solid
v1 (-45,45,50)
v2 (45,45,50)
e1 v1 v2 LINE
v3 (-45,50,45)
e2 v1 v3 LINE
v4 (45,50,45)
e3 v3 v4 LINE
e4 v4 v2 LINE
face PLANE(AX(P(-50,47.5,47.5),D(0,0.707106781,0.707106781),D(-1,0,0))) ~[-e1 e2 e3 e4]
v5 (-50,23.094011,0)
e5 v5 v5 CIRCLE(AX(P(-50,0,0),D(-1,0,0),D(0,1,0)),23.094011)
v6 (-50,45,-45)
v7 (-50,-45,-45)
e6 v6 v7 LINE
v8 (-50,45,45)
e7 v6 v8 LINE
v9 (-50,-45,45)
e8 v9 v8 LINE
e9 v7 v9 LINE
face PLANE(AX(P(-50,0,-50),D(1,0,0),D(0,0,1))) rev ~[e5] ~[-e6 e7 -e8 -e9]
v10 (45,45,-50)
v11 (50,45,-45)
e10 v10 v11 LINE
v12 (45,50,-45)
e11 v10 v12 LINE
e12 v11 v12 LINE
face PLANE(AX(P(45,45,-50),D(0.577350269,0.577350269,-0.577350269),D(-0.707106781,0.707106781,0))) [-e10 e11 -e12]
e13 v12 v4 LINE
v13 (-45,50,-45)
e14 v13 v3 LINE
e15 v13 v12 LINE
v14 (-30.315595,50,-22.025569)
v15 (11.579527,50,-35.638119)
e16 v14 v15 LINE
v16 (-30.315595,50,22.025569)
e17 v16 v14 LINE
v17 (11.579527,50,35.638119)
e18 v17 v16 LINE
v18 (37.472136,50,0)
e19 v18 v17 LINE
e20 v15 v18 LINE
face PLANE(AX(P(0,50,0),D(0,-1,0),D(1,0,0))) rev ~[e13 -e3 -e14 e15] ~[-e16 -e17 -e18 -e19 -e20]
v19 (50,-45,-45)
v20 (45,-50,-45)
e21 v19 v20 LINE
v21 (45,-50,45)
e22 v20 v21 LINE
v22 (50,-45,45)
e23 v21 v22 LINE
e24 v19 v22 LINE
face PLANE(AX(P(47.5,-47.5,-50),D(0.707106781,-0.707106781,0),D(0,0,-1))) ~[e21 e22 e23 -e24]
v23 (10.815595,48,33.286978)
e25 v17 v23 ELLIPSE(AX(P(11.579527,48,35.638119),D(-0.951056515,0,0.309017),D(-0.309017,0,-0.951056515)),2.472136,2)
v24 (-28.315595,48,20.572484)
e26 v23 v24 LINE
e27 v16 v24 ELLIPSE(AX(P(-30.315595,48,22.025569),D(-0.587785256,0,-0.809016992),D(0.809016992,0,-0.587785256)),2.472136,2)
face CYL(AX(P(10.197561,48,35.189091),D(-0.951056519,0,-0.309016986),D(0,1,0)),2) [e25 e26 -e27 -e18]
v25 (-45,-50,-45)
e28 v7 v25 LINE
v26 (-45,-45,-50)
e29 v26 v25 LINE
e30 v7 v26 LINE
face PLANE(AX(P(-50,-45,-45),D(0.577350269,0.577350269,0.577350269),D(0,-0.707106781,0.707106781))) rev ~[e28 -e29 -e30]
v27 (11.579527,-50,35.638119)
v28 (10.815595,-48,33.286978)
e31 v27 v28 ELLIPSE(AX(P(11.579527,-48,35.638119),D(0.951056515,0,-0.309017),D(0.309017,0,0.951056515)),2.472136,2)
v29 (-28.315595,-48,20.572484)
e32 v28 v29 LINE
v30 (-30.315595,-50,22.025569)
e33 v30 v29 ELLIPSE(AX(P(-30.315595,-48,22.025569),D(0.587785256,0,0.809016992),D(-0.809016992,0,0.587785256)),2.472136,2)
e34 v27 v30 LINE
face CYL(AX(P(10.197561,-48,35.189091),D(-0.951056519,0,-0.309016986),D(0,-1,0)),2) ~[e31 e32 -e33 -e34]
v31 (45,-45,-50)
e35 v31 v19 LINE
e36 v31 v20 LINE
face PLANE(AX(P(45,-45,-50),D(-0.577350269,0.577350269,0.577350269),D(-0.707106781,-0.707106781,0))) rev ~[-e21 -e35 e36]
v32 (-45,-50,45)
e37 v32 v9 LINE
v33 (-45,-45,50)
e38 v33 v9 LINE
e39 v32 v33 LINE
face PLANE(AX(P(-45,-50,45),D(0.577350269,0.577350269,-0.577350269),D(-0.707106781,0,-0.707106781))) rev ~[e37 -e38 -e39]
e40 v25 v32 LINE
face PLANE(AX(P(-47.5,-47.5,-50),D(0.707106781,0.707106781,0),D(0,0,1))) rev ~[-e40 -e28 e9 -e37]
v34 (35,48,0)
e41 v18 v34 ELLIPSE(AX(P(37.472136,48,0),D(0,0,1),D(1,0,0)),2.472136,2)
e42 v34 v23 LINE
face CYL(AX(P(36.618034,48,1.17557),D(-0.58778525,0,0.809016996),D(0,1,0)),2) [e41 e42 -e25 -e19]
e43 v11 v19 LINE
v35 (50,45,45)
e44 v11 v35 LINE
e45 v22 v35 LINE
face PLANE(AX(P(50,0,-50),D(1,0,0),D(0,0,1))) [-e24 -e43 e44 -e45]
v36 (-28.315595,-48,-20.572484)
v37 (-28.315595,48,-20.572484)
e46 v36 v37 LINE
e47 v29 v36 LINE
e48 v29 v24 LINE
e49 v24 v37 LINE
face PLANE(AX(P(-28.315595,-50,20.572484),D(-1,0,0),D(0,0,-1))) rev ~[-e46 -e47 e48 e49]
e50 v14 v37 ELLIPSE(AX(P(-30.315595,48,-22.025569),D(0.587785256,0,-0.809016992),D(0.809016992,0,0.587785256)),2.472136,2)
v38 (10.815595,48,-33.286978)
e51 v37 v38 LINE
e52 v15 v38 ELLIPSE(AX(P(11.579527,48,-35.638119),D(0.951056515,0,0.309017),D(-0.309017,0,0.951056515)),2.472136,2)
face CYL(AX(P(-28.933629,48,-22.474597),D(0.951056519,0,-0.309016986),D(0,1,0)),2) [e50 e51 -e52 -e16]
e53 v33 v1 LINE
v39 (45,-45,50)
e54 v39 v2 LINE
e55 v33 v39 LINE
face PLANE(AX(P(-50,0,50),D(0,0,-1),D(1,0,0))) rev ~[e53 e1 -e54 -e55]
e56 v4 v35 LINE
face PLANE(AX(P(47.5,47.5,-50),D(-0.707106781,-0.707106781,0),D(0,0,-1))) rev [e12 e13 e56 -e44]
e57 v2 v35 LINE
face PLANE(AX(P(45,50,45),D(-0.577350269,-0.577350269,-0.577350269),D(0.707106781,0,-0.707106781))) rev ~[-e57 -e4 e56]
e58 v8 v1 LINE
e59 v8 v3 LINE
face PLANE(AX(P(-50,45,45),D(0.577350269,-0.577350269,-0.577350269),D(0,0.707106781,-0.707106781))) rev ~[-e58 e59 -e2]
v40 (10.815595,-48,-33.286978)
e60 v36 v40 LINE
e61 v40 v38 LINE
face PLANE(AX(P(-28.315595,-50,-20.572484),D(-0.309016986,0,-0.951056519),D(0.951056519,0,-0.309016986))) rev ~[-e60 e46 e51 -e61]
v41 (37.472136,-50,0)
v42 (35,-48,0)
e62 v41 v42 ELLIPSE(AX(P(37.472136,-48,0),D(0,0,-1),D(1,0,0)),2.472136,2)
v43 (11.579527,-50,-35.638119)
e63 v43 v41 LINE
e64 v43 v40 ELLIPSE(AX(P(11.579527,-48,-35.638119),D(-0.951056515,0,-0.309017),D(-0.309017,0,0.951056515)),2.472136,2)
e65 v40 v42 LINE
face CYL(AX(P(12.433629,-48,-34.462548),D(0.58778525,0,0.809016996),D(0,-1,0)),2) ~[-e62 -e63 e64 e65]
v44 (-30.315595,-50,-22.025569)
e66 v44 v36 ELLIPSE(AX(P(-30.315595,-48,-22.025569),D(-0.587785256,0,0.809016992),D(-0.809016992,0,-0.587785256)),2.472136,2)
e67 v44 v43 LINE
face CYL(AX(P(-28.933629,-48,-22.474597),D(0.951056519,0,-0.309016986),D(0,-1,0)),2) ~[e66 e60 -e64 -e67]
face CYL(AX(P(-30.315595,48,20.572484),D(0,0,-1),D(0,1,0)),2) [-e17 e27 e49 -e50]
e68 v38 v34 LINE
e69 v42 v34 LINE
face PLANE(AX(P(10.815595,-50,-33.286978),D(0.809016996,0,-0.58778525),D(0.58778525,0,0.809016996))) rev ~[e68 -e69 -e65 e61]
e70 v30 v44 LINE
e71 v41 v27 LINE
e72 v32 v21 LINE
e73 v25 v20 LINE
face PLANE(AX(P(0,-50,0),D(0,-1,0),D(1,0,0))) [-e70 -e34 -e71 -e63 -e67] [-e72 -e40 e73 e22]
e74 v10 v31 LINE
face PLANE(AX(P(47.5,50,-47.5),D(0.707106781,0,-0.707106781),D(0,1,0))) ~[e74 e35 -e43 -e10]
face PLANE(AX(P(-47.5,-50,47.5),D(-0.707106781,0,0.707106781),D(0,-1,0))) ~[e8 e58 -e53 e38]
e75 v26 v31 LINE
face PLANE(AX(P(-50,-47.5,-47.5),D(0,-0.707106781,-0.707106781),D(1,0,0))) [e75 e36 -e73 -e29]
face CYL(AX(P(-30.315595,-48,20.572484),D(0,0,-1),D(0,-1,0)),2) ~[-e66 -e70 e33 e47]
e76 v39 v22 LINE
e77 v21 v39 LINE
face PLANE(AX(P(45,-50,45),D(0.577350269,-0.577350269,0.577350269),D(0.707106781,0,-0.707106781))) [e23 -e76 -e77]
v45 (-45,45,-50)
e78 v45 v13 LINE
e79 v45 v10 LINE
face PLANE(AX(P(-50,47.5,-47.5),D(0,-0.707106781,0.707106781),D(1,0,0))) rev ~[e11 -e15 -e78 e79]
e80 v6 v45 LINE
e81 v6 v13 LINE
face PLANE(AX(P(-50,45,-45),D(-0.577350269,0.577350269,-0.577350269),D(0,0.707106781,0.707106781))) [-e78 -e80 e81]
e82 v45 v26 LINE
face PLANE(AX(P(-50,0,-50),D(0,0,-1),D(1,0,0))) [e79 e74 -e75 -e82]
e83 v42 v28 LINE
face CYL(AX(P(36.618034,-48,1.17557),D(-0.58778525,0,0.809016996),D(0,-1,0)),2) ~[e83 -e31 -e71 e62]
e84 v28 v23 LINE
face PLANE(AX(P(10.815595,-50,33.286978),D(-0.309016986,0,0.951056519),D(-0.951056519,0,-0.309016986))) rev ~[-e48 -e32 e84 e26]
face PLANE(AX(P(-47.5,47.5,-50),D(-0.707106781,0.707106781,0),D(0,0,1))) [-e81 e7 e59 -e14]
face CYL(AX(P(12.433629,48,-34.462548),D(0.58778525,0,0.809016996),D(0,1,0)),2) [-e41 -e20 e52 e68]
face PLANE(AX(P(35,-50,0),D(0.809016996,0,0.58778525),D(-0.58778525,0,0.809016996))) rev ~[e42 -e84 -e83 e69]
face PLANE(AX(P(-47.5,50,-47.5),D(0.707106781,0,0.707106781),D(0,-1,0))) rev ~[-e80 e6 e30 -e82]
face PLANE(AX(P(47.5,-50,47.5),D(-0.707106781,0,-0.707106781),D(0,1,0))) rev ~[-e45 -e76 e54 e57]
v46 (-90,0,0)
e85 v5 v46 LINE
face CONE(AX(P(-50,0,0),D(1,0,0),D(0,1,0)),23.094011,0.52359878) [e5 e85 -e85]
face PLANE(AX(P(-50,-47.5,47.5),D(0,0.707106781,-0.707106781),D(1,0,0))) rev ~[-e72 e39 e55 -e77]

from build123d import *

# Parameters (mm, degrees)
F0_W     = 100
F0_H     = 100
F1_DEPTH = 50
F3_DEPTH = 142.9
F4_SIZE  = 5
F5_R     = 2


with BuildPart() as f1:
    # F0 (on Front) → F1 (new body, symmetric)
    with BuildSketch(Plane.XZ):
        Rectangle(F0_W, F0_H)
    extrude(amount=F1_DEPTH, both=True)

    # F2 (on face) → F3 (cut)
    with BuildSketch(Plane.XZ.offset(50)):
        Polygon((10.815595, -33.286978), (35, 0), (10.815595, 33.286978), (-28.315595, 20.572484), (-28.315595, -20.572484), align=None)
    extrude(amount=-F3_DEPTH, mode=Mode.SUBTRACT)

    # F4
    f4_edges = [f1.edges().sort_by_distance(p)[0] for p in [
        (50, 0, 50),
        (0, 50, 50),
        (-50, 0, 50),
        (0, -50, 50),
        (50, 50, 0),
        (50, -50, 0),
        (50, 0, -50),
        (0, 50, -50),
        (0, -50, -50),
        (-50, 0, -50),
        (-50, 50, 0),
        (-50, -50, 0),
    ]]
    chamfer(f4_edges, length=F4_SIZE)

    # F5
    f5_edges = [f1.edges().sort_by_distance(p)[0] for p in [
        (22.907797, 50, -16.643489),
        (-8.75, 50, -26.929731),
        (-28.315595, 50, 0),
        (-8.75, 50, 26.929731),
        (22.907797, 50, 16.643489),
        (22.907797, -50, -16.643489),
        (22.907797, -50, 16.643489),
        (-8.75, -50, 26.929731),
        (-28.315595, -50, 0),
        (-8.75, -50, -26.929731),
    ]]
    fillet(f5_edges, radius=F5_R)

    # F6 (on Top) → F7 (revolve)
    with BuildSketch(Plane.XY):
        Polygon((-90, 0), (-50, 0), (-50, 23.094011), align=None)
    revolve(axis=Axis((-70, 0, 0), (-1, 0, 0)))


solid = f1.part
